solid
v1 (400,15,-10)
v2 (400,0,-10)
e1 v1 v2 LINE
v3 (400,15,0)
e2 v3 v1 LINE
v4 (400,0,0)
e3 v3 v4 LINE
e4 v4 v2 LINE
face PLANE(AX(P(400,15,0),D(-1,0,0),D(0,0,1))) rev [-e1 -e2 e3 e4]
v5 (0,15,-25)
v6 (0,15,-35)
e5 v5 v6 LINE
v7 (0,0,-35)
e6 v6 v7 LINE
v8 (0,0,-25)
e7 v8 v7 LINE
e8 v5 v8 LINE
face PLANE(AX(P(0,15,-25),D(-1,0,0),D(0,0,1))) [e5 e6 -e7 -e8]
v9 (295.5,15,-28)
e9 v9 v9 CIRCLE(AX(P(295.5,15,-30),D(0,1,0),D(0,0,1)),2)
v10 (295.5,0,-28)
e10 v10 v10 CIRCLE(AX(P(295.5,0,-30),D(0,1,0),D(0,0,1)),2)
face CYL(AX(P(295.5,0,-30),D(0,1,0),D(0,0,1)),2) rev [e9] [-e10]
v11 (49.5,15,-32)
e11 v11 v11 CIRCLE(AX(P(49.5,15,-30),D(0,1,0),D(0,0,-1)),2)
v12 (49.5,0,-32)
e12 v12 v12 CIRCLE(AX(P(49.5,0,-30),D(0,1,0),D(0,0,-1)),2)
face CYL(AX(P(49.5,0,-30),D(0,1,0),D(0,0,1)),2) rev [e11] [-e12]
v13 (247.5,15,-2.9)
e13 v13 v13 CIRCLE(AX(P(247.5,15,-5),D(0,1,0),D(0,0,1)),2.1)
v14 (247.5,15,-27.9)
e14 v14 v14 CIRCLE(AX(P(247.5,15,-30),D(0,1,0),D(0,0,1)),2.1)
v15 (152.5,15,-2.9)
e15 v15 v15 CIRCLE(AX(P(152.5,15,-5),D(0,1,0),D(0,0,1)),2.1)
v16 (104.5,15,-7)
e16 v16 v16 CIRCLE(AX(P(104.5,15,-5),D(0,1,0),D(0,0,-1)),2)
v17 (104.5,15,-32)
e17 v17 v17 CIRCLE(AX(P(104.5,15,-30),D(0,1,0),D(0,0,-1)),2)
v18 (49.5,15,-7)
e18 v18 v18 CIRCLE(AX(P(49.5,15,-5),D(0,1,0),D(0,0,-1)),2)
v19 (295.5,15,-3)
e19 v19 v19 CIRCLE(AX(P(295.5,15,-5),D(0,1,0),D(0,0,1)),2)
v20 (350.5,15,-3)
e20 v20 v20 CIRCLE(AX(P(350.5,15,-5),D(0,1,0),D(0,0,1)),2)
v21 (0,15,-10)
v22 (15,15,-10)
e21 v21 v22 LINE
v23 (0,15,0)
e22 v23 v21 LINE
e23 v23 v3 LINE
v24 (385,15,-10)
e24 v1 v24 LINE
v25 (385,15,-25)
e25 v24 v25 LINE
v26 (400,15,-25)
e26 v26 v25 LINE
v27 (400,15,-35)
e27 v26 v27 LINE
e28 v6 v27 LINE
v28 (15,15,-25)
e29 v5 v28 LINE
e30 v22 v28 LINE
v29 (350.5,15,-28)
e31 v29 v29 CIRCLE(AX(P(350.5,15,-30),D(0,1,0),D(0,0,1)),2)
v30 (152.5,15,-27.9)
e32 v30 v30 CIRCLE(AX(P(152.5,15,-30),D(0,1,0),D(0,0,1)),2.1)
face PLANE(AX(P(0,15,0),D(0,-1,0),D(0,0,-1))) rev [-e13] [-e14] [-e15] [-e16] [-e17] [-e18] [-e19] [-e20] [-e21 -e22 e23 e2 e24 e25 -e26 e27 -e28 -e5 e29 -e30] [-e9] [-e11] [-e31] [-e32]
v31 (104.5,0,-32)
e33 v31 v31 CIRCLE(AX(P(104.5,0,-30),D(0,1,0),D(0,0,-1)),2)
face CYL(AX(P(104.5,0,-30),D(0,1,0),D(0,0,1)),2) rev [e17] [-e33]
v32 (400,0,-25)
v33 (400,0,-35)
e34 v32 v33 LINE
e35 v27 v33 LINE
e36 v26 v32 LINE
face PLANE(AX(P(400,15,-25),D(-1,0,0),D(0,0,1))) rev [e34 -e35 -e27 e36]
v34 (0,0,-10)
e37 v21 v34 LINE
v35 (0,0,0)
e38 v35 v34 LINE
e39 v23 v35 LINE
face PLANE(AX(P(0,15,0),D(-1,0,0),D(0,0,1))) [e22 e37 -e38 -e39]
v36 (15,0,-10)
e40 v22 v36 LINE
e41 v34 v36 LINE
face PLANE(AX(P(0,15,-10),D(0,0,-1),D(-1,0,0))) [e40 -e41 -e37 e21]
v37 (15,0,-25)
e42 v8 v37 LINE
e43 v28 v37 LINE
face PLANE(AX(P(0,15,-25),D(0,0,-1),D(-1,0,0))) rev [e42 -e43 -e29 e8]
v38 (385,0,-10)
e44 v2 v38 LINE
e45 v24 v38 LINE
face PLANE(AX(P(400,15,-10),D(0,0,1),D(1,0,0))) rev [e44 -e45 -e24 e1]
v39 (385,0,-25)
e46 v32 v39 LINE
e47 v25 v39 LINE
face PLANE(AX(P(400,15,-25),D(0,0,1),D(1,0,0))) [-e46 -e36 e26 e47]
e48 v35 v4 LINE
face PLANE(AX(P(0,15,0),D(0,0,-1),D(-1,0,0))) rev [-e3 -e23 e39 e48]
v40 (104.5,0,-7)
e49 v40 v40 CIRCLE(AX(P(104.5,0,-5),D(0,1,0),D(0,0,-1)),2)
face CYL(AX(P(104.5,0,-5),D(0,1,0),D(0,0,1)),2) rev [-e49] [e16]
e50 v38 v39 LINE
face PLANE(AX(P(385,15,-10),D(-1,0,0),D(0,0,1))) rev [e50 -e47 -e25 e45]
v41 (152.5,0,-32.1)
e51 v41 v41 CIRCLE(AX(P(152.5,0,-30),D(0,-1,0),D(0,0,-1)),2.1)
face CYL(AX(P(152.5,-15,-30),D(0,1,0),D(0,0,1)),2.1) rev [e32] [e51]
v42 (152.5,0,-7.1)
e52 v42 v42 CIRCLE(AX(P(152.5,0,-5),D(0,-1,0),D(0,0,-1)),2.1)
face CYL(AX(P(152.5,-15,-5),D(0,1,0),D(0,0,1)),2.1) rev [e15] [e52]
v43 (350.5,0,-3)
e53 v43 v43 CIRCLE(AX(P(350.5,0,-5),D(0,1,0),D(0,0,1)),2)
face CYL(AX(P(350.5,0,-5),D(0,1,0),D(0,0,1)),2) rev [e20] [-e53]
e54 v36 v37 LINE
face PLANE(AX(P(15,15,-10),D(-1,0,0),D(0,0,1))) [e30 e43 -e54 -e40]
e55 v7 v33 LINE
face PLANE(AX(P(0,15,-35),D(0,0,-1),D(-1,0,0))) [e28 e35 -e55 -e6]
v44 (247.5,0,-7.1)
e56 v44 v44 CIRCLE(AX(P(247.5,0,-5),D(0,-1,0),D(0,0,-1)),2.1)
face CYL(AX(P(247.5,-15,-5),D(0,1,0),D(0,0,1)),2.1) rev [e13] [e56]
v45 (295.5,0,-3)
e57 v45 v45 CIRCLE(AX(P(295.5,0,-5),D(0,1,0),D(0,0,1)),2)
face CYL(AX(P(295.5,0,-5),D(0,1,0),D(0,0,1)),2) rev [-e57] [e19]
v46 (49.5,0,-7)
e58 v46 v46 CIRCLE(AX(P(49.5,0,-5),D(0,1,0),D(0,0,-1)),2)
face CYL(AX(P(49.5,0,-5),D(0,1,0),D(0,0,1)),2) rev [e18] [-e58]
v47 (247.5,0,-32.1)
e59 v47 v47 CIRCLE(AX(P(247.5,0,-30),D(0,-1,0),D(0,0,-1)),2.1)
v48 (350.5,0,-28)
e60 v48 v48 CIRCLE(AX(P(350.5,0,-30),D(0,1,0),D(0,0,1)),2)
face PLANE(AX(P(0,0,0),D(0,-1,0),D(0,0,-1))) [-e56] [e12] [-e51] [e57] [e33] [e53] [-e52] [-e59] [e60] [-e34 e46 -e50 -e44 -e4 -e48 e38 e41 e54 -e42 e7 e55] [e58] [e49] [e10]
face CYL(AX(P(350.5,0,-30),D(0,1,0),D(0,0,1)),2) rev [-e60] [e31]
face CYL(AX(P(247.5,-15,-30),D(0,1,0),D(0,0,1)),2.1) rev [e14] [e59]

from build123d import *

# Parameters (mm, degrees)
EXTRUDE_1_DEPTH     = 15
SKETCH_5_R          = 2.1
CUT_EXTRUDE_2_DEPTH = 30
SKETCH_6_R          = 2
CUT_EXTRUDE_3_DEPTH = 15


with BuildPart() as part:
    # 草图3 → 凸台-拉伸1 (new body)
    with BuildSketch(Plane(origin=(0, 0, 0), x_dir=(1, 0, 0), z_dir=(0, 1, 0))):
        Polygon((0, 0), (400, 0), (400, 10), (385, 10), (385, 25), (400, 25), (400, 35), (0, 35), (0, 25), (15, 25), (15, 10), (0, 10), align=None)
    extrude(amount=EXTRUDE_1_DEPTH)

    # 草图5 → 切除-拉伸2 (cut)
    with BuildSketch(Plane(origin=(0, 15, 0), x_dir=(1, 0, 0), z_dir=(0, 1, 0))):
        with Locations(Location((152.5, 5, 0), (0, 0, 270))):
            Circle(SKETCH_5_R)
        with Locations(Location((152.5, 30, 0), (0, 0, 270))):
            Circle(SKETCH_5_R)
        with Locations(Location((247.5, 5, 0), (0, 0, 270))):
            Circle(SKETCH_5_R)
        with Locations(Location((247.5, 30, 0), (0, 0, 270))):
            Circle(SKETCH_5_R)
    extrude(amount=-CUT_EXTRUDE_2_DEPTH, mode=Mode.SUBTRACT)

    # 草图6 → 切除-拉伸3 (cut)
    with BuildSketch(Plane(origin=(0, 15, 0), x_dir=(1, 0, 0), z_dir=(0, 1, 0))):
        with Locations(Location((350.5, 5, 0), (0, 0, 270))):
            Circle(SKETCH_6_R)
        with Locations(Location((295.5, 5, 0), (0, 0, 270))):
            Circle(SKETCH_6_R)
        with Locations(Location((350.5, 30, 0), (0, 0, 270))):
            Circle(SKETCH_6_R)
        with Locations(Location((295.5, 30, 0), (0, 0, 270))):
            Circle(SKETCH_6_R)
        with Locations(Location((49.5, 30, 0), (0, 0, 90))):
            Circle(SKETCH_6_R)
        with Locations(Location((104.5, 30, 0), (0, 0, 90))):
            Circle(SKETCH_6_R)
        with Locations(Location((104.5, 5, 0), (0, 0, 90))):
            Circle(SKETCH_6_R)
        with Locations(Location((49.5, 5, 0), (0, 0, 90))):
            Circle(SKETCH_6_R)
    extrude(amount=-CUT_EXTRUDE_3_DEPTH, mode=Mode.SUBTRACT)


solid = part.part
